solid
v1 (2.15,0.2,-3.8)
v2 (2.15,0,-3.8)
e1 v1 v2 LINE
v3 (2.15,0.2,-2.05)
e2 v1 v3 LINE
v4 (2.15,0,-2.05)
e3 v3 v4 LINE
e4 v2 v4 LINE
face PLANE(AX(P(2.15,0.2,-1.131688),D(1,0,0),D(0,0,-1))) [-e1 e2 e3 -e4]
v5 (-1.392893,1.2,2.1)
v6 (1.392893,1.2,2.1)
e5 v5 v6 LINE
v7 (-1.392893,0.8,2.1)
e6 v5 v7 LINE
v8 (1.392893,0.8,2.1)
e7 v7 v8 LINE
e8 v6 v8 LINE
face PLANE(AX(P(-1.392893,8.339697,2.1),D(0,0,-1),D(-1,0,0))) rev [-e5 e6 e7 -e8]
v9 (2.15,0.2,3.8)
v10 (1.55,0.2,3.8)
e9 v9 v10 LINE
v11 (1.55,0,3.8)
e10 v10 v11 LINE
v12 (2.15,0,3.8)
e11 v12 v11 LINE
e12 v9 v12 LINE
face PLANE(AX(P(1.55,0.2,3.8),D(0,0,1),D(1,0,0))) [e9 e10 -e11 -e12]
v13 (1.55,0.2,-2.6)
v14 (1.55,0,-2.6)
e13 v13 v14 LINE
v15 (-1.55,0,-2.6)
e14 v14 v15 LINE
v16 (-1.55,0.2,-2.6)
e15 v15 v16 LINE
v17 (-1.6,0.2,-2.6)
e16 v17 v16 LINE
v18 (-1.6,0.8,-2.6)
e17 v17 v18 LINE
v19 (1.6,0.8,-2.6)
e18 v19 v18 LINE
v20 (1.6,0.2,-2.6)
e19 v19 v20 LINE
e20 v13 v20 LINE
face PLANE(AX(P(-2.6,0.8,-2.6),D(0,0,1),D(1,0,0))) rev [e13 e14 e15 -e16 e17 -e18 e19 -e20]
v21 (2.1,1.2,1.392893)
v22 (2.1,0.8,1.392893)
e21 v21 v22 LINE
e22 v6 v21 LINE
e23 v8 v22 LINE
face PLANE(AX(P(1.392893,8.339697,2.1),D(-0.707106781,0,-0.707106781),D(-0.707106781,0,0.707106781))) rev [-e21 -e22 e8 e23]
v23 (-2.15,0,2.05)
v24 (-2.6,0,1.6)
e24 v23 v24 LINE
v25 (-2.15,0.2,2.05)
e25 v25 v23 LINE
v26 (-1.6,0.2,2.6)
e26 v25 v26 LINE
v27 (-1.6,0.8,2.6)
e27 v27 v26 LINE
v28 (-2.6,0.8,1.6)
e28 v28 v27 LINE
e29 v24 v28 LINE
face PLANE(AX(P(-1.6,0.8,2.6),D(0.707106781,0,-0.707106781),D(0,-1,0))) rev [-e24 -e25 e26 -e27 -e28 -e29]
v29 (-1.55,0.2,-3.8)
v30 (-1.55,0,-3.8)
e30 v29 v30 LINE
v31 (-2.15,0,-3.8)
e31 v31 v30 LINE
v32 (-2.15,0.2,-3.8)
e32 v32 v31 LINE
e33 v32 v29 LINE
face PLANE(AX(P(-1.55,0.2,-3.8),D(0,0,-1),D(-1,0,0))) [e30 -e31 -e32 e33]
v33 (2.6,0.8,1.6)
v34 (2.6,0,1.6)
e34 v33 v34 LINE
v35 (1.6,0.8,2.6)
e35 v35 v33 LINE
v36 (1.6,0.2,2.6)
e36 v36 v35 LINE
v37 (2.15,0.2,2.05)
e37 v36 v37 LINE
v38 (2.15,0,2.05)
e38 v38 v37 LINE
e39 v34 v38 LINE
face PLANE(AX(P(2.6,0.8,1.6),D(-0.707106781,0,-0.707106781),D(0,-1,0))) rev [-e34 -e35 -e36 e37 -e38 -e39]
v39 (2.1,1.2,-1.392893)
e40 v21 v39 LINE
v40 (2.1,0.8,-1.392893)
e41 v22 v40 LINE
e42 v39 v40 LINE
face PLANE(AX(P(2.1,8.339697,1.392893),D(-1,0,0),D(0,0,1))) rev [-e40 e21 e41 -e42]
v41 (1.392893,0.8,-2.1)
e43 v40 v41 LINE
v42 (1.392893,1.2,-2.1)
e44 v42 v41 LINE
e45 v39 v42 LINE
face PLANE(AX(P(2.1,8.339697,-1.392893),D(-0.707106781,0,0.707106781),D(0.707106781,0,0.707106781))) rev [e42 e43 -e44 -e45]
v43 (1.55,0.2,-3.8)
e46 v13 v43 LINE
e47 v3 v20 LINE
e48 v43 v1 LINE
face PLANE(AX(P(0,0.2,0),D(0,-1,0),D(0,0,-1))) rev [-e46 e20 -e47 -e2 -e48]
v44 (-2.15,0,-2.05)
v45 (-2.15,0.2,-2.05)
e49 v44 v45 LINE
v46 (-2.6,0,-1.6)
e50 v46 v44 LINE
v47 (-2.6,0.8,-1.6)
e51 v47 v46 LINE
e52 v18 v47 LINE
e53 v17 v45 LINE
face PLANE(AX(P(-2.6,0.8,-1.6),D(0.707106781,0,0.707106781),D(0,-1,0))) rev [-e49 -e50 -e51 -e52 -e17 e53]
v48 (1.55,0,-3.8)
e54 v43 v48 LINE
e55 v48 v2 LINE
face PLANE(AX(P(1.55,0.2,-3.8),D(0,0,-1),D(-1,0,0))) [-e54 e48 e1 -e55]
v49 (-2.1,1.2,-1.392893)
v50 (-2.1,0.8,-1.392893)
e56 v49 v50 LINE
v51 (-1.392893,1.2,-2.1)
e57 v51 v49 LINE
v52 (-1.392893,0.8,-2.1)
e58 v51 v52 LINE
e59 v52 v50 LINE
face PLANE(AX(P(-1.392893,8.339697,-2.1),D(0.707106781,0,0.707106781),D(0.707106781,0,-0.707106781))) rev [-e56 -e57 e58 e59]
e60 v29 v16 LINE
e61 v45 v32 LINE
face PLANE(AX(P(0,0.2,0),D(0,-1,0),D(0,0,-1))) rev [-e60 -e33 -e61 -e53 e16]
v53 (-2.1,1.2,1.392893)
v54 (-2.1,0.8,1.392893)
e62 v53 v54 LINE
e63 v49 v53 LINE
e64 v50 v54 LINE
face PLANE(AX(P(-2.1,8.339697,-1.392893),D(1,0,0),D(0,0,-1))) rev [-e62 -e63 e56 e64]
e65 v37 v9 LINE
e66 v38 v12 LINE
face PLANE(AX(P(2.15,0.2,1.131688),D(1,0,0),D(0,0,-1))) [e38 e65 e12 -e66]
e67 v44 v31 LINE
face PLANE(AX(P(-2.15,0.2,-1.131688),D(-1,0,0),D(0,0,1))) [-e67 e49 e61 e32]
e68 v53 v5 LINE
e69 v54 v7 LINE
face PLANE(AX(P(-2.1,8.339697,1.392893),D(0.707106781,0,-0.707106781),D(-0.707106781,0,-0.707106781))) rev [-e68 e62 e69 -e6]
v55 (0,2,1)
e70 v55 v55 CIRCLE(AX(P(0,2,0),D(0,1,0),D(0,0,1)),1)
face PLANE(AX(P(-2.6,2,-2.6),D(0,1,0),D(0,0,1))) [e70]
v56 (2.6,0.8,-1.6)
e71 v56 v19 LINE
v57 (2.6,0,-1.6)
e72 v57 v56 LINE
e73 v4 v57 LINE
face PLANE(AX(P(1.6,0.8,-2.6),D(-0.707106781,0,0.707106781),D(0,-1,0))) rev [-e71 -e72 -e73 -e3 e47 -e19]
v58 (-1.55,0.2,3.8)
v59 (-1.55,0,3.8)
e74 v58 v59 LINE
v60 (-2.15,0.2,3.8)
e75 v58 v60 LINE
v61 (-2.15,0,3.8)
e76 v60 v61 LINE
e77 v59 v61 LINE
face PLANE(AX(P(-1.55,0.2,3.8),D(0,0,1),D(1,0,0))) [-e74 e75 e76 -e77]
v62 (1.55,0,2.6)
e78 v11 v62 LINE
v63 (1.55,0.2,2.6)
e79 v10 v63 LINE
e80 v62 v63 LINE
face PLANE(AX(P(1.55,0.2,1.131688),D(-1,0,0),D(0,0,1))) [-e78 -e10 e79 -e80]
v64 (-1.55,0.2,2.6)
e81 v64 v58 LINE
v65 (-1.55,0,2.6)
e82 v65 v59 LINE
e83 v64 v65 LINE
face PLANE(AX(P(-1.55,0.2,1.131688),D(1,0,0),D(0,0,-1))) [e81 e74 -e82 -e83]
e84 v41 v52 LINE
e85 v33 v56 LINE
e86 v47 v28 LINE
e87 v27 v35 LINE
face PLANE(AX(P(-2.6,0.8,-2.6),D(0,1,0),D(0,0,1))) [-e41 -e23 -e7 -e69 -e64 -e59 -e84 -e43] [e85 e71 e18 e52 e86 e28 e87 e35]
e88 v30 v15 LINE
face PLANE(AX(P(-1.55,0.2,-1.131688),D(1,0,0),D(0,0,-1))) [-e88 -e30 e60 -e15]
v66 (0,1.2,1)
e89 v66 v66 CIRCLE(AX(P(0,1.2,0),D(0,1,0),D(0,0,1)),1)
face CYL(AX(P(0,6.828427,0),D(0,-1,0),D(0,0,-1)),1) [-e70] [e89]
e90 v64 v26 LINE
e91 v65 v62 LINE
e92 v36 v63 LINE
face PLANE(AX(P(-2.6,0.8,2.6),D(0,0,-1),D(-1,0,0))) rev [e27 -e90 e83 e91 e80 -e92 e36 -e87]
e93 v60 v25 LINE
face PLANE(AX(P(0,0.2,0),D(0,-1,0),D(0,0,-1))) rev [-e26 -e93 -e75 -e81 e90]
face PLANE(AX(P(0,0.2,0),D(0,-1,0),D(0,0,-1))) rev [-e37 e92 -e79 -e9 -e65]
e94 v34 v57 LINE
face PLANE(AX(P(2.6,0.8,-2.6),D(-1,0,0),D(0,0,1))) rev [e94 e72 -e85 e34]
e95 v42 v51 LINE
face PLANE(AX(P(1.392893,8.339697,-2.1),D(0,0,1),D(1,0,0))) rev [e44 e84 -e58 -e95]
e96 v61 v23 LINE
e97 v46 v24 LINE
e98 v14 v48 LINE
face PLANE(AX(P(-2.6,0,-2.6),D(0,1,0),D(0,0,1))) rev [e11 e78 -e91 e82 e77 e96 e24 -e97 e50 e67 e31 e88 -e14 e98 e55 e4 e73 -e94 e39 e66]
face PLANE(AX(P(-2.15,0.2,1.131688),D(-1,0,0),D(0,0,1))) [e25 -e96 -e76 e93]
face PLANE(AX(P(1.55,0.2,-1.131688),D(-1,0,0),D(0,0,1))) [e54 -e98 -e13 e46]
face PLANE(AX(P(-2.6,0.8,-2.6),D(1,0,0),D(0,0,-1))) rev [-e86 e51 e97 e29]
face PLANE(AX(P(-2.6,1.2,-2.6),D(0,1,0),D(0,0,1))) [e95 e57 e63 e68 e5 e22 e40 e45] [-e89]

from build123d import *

# Parameters (mm, degrees)
SKETCH_1_W         = 5.2
SKETCH_1_H         = 5.2
EXTRUDE_1_DEPTH    = 0.8
CHAMFER_1_SIZE     = 1
EXTRUDE_1_2_DEPTH  = 0.4
SKETCH_2_R         = 1
EXTRUDE_1111_DEPTH = 0.8
SKETCH_4_W         = 0.6
SKETCH_4_H         = 2.66831223
EXTRUDE_2_DEPTH    = 0.2


with BuildPart() as part:
    # 草图1 → Extrude 1 (new body)
    with BuildSketch(Plane(origin=(0, 0, 0), x_dir=(1, 0, 0), z_dir=(0, 1, 0))):
        Rectangle(SKETCH_1_W, SKETCH_1_H)
    extrude(amount=EXTRUDE_1_DEPTH)

    # 倒角1
    chamfer_1_edges = [part.edges().sort_by_distance(p)[0] for p in [
        (-2.6, 0.4, -2.6),
        (2.6, 0.4, -2.6),
        (2.6, 0.4, 2.6),
        (-2.6, 0.4, 2.6),
    ]]
    chamfer(chamfer_1_edges, length=CHAMFER_1_SIZE)

    # 草图3 → Extrude 1 2 (add)
    with BuildSketch(Plane(origin=(0, 0.8, 0), x_dir=(1, 0, 0), z_dir=(0, 1, 0))):
        Polygon((-2.1, 1.392893219), (-2.1, -1.392893219), (-1.392893219, -2.1), (1.392893219, -2.1), (2.1, -1.392893219), (2.1, 1.392893219), (1.392893219, 2.1), (-1.392893219, 2.1), align=None)
    extrude(amount=EXTRUDE_1_2_DEPTH)

    # 草图2 → Extrude 1111 (add)
    with BuildSketch(Plane(origin=(0, 1.2, 0), x_dir=(-1, 0, 0), z_dir=(0, 1, 0))):
        with Locations(Location((0, 0, 0), (0, 0, 90))):
            Circle(SKETCH_2_R)
    extrude(amount=EXTRUDE_1111_DEPTH)

    # 草图4 → 凸台-拉伸2 (add)
    with BuildSketch(Plane.XZ):
        with Locations((-1.85, 2.465843885)):
            Rectangle(SKETCH_4_W, SKETCH_4_H)
        with Locations((1.85, 2.465843885)):
            Rectangle(SKETCH_4_W, SKETCH_4_H)
        with Locations((1.85, -2.465843885)):
            Rectangle(SKETCH_4_W, SKETCH_4_H)
        with Locations((-1.85, -2.465843885)):
            Rectangle(SKETCH_4_W, SKETCH_4_H)
    extrude(amount=-EXTRUDE_2_DEPTH)


solid = part.part
